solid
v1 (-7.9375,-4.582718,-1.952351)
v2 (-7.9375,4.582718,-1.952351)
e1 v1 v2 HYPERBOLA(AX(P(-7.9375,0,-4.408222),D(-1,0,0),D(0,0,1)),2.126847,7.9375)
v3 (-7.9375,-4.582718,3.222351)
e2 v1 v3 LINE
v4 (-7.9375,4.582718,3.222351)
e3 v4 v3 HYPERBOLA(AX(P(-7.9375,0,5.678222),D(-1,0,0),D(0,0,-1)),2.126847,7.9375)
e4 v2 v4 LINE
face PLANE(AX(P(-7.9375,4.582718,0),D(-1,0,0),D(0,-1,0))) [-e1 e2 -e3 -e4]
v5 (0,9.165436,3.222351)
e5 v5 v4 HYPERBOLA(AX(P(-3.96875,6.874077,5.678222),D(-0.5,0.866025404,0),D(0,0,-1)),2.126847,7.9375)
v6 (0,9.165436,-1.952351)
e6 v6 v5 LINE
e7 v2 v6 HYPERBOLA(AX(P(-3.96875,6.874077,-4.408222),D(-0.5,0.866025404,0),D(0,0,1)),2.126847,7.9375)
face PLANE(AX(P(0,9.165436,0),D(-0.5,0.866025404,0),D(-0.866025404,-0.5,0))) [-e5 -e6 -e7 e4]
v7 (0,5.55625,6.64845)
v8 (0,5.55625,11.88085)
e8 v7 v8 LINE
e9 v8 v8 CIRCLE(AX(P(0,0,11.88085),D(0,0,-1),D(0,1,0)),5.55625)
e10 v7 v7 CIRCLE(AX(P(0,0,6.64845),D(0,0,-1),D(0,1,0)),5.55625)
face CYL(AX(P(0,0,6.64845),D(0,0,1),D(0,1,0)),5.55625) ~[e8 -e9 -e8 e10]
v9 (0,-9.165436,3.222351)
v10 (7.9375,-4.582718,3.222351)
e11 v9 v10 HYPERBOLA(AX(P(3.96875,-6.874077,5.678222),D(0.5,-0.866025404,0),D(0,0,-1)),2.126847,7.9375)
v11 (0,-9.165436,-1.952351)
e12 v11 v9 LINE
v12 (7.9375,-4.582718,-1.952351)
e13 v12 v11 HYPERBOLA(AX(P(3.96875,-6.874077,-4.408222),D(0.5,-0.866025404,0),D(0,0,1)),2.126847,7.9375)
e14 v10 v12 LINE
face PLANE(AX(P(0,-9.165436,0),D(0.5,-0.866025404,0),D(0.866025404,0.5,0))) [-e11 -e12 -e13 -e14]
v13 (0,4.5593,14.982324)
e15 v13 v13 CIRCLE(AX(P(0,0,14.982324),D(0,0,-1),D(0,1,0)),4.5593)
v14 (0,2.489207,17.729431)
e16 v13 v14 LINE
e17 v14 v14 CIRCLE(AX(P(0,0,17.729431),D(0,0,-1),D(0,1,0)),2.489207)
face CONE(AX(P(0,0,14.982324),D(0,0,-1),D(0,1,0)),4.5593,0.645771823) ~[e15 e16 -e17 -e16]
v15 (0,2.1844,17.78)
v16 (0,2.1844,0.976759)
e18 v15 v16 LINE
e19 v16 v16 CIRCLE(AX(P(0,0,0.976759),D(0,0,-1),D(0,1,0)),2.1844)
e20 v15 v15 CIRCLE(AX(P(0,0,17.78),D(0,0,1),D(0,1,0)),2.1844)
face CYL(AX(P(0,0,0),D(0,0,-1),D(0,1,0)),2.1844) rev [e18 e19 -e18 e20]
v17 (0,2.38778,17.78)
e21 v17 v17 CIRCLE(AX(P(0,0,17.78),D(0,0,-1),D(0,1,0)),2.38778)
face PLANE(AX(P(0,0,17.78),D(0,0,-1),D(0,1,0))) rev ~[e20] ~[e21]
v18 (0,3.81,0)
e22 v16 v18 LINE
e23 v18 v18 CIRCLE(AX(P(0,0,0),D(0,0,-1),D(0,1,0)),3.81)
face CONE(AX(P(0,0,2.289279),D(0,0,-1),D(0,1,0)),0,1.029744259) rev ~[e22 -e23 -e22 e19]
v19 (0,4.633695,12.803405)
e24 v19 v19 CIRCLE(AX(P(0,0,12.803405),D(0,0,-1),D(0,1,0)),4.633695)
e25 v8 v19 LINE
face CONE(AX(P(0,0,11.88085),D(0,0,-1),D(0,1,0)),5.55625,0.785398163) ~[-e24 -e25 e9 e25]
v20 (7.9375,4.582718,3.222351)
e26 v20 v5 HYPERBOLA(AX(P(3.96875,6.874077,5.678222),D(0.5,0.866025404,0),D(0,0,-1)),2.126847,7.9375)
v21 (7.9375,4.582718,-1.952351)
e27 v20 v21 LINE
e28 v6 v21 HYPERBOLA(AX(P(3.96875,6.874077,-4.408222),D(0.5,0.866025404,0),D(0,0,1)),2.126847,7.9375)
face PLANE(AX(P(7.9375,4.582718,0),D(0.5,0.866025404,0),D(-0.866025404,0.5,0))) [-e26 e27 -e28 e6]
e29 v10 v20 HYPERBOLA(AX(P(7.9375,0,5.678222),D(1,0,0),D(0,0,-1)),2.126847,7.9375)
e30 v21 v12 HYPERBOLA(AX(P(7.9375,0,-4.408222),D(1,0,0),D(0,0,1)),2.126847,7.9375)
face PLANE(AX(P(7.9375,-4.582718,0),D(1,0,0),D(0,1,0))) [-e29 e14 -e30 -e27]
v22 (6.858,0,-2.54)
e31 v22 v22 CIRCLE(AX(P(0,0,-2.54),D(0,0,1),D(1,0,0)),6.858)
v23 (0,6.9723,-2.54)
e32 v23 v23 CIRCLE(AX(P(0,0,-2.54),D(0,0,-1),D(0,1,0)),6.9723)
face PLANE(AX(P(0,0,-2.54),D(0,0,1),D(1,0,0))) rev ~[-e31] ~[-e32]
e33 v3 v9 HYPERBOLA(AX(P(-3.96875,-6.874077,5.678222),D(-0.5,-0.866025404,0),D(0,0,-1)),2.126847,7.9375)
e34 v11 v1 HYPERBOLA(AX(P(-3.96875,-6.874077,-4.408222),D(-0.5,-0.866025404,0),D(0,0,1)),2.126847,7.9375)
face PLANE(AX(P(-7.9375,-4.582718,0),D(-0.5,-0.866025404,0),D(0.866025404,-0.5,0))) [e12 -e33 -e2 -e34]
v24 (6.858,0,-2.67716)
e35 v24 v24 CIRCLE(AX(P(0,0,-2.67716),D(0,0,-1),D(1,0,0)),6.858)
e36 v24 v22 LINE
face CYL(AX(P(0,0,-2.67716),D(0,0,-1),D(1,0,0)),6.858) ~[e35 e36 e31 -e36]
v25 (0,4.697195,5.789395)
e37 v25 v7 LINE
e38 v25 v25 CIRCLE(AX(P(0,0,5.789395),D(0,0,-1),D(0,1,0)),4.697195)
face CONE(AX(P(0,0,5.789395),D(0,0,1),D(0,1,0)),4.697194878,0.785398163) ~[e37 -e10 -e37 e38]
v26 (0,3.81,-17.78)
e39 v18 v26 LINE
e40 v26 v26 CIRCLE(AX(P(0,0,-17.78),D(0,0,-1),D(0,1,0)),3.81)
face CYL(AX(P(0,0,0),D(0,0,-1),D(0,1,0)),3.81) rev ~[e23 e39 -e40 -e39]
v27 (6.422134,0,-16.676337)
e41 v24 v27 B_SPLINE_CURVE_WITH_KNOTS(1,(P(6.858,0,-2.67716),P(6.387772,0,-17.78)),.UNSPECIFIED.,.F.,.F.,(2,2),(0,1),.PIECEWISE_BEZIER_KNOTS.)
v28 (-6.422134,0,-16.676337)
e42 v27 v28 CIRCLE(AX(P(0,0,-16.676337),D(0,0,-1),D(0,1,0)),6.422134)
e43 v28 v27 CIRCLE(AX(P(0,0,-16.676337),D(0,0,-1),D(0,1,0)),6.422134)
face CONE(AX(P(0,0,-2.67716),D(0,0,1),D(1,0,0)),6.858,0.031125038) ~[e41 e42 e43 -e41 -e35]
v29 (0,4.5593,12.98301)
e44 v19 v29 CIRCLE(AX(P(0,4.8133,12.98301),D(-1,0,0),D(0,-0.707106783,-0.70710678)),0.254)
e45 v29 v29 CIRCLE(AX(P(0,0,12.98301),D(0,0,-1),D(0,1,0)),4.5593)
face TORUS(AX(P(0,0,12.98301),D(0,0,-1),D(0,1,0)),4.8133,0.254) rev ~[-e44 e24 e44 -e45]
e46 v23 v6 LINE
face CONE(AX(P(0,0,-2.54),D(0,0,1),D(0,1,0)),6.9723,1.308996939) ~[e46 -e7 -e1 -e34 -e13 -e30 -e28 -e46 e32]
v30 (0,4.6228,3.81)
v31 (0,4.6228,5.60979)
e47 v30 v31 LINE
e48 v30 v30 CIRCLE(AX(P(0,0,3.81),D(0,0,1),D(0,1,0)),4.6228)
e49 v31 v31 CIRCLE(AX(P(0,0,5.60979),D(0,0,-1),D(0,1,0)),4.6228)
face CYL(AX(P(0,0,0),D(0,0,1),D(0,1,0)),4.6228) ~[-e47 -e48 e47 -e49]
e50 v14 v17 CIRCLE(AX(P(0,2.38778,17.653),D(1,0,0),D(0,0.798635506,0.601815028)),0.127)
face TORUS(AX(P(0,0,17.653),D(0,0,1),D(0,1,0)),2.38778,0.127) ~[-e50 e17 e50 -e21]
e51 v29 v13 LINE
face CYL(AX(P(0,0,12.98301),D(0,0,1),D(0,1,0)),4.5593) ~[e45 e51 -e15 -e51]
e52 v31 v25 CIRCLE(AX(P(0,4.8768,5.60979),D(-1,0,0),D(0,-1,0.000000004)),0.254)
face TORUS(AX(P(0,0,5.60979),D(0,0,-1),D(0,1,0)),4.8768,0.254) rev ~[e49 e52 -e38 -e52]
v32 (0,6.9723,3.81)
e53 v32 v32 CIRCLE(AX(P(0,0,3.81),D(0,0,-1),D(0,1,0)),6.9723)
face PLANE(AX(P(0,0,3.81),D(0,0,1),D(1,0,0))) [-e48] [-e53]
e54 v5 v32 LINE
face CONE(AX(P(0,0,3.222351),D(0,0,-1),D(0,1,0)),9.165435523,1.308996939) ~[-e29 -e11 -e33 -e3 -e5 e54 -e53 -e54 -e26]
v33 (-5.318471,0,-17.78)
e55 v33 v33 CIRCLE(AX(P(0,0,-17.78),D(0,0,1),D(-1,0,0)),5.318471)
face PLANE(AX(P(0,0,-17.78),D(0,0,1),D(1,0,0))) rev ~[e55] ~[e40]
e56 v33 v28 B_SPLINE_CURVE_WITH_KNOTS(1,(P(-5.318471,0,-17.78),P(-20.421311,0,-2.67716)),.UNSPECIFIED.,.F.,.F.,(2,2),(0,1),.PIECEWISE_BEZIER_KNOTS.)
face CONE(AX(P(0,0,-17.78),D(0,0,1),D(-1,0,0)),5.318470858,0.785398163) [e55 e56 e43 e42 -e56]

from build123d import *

# Parameters (mm, degrees)
BOSS_EXTRUDE1_DEPTH      = 3.81
BOSS_EXTRUDE1_DEPTH_BACK = 2.54
SKETCH6_R                = 6.858
BOSS_EXTRUDE2_DEPTH      = 15.10284
BOSS_EXTRUDE2_TAPER      = 1.783333333
SKETCH9_OUTSIDE_W        = 56.69
SKETCH9_OUTSIDE_H        = 59.144
SKETCH9_OUTSIDE_R        = 5.318470858
CUT_EXTRUDE1_DEPTH       = 15.10284
CUT_EXTRUDE1_TAPER       = 45
SKETCH10_R               = 6.858
BOSS_EXTRUDE3_DEPTH      = 0.13716
SKETCH11_W               = 35.56
SKETCH11_H               = 2.1844


with BuildPart() as part:
    # Sketch1 → Revolve1 (revolve)
    with BuildSketch(Plane(origin=(0, 0, 0), x_dir=(0, 0, -1), z_dir=(1, 0, 0))):
        with BuildLine():
            Line((-17.78, 0), (0, 0))
            Line((0, 0), (0, 4.6228))
            Line((0, 4.6228), (-5.609789755, 4.6228))
            ThreePointArc((-5.609789755, 4.6228), (-5.706991347, 4.642134599), (-5.789394878, 4.697194878))
            Line((-5.789394878, 4.697194878), (-6.64845, 5.55625))
            Line((-6.64845, 5.55625), (-11.88085, 5.55625))
            Line((-11.88085, 5.55625), (-12.803405122, 4.633694878))
            ThreePointArc((-12.803405122, 4.633694878), (-12.885808653, 4.578634599), (-12.983010245, 4.5593))
            Line((-12.983010245, 4.5593), (-14.982324107, 4.5593))
            Line((-14.982324107, 4.5593), (-17.729430508, 2.489206846))
            ThreePointArc((-17.729430508, 2.489206846), (-17.766656664, 2.444447258), (-17.78, 2.387780136))
            Line((-17.78, 2.387780136), (-17.78, 0))
        make_face()
    revolve(axis=Axis((0, 0, 19.812), (0, 0, -1)))

    # Sketch4 → Boss-Extrude1 (add, two sides)
    with BuildSketch(Plane.XY) as boss_extrude1_sk:
        Polygon((0, 9.165435523), (-7.9375, 4.582717762), (-7.9375, -4.582717762), (0, -9.165435523), (7.9375, -4.582717762), (7.9375, 4.582717762), align=None)
    extrude(amount=BOSS_EXTRUDE1_DEPTH)
    extrude(boss_extrude1_sk.sketch, amount=-BOSS_EXTRUDE1_DEPTH_BACK)

    # Sketch5 → Cut-Revolve1 (revolve, cut)
    with BuildSketch(Plane(origin=(0, 0, 0), x_dir=(0, 0, -1), z_dir=(1, 0, 0))):
        Polygon((-3.81, 11.358571047), (2.54, 11.358571047), (2.54, 6.9723), (1.952351108, 9.165435523), (-3.222351108, 9.165435523), (-3.81, 6.9723), align=None)
    revolve(axis=Axis((0, 0, 3.81), (0, 0, -1)), mode=Mode.SUBTRACT)



with BuildPart() as body_2:
    # Sketch6 → Boss-Extrude2 (new body)
    with BuildSketch(Plane.XY.offset(-2.67716)):
        Circle(SKETCH6_R)
    extrude(amount=-BOSS_EXTRUDE2_DEPTH, taper=BOSS_EXTRUDE2_TAPER)

    # Sketch9 outside → Cut-Extrude1 (cut)
    with BuildSketch(Plane(origin=(0, 0, -17.78), x_dir=(-1, 0, 0), z_dir=(0, 0, -1))):
        Rectangle(SKETCH9_OUTSIDE_W, SKETCH9_OUTSIDE_H)
        Circle(SKETCH9_OUTSIDE_R, mode=Mode.SUBTRACT)
    extrude(amount=-CUT_EXTRUDE1_DEPTH, taper=CUT_EXTRUDE1_TAPER, mode=Mode.SUBTRACT)


with BuildPart() as part_1:
    add(part.part)

    add(body_2.part)  # Boss-Extrude3 merges body 2
    # Sketch10 → Boss-Extrude3 (add)
    with BuildSketch(Plane.XY.offset(-2.67716)):
        Circle(SKETCH10_R)
    extrude(amount=BOSS_EXTRUDE3_DEPTH)

    # Sketch11 → Cut-Revolve2 (revolve, cut)
    with BuildSketch(Plane(origin=(0, 0, 0), x_dir=(0, 0, -1), z_dir=(1, 0, 0))):
        with Locations((0, 1.0922)):
            Rectangle(SKETCH11_W, SKETCH11_H)
    revolve(axis=Axis((0, 0, -17.78), (0, 0, 1)), mode=Mode.SUBTRACT)

    # Sketch12 → Cut-Revolve3 (revolve, cut)
    with BuildSketch(Plane(origin=(0, 0, 0), x_dir=(0, 0, -1), z_dir=(1, 0, 0))):
        Polygon((17.78, 0), (-2.289278958, 0), (0, 3.81), (17.78, 3.81), align=None)
    revolve(axis=Axis((0, 0, 17.78), (0, 0, -1)), mode=Mode.SUBTRACT)


solid = part_1.part
